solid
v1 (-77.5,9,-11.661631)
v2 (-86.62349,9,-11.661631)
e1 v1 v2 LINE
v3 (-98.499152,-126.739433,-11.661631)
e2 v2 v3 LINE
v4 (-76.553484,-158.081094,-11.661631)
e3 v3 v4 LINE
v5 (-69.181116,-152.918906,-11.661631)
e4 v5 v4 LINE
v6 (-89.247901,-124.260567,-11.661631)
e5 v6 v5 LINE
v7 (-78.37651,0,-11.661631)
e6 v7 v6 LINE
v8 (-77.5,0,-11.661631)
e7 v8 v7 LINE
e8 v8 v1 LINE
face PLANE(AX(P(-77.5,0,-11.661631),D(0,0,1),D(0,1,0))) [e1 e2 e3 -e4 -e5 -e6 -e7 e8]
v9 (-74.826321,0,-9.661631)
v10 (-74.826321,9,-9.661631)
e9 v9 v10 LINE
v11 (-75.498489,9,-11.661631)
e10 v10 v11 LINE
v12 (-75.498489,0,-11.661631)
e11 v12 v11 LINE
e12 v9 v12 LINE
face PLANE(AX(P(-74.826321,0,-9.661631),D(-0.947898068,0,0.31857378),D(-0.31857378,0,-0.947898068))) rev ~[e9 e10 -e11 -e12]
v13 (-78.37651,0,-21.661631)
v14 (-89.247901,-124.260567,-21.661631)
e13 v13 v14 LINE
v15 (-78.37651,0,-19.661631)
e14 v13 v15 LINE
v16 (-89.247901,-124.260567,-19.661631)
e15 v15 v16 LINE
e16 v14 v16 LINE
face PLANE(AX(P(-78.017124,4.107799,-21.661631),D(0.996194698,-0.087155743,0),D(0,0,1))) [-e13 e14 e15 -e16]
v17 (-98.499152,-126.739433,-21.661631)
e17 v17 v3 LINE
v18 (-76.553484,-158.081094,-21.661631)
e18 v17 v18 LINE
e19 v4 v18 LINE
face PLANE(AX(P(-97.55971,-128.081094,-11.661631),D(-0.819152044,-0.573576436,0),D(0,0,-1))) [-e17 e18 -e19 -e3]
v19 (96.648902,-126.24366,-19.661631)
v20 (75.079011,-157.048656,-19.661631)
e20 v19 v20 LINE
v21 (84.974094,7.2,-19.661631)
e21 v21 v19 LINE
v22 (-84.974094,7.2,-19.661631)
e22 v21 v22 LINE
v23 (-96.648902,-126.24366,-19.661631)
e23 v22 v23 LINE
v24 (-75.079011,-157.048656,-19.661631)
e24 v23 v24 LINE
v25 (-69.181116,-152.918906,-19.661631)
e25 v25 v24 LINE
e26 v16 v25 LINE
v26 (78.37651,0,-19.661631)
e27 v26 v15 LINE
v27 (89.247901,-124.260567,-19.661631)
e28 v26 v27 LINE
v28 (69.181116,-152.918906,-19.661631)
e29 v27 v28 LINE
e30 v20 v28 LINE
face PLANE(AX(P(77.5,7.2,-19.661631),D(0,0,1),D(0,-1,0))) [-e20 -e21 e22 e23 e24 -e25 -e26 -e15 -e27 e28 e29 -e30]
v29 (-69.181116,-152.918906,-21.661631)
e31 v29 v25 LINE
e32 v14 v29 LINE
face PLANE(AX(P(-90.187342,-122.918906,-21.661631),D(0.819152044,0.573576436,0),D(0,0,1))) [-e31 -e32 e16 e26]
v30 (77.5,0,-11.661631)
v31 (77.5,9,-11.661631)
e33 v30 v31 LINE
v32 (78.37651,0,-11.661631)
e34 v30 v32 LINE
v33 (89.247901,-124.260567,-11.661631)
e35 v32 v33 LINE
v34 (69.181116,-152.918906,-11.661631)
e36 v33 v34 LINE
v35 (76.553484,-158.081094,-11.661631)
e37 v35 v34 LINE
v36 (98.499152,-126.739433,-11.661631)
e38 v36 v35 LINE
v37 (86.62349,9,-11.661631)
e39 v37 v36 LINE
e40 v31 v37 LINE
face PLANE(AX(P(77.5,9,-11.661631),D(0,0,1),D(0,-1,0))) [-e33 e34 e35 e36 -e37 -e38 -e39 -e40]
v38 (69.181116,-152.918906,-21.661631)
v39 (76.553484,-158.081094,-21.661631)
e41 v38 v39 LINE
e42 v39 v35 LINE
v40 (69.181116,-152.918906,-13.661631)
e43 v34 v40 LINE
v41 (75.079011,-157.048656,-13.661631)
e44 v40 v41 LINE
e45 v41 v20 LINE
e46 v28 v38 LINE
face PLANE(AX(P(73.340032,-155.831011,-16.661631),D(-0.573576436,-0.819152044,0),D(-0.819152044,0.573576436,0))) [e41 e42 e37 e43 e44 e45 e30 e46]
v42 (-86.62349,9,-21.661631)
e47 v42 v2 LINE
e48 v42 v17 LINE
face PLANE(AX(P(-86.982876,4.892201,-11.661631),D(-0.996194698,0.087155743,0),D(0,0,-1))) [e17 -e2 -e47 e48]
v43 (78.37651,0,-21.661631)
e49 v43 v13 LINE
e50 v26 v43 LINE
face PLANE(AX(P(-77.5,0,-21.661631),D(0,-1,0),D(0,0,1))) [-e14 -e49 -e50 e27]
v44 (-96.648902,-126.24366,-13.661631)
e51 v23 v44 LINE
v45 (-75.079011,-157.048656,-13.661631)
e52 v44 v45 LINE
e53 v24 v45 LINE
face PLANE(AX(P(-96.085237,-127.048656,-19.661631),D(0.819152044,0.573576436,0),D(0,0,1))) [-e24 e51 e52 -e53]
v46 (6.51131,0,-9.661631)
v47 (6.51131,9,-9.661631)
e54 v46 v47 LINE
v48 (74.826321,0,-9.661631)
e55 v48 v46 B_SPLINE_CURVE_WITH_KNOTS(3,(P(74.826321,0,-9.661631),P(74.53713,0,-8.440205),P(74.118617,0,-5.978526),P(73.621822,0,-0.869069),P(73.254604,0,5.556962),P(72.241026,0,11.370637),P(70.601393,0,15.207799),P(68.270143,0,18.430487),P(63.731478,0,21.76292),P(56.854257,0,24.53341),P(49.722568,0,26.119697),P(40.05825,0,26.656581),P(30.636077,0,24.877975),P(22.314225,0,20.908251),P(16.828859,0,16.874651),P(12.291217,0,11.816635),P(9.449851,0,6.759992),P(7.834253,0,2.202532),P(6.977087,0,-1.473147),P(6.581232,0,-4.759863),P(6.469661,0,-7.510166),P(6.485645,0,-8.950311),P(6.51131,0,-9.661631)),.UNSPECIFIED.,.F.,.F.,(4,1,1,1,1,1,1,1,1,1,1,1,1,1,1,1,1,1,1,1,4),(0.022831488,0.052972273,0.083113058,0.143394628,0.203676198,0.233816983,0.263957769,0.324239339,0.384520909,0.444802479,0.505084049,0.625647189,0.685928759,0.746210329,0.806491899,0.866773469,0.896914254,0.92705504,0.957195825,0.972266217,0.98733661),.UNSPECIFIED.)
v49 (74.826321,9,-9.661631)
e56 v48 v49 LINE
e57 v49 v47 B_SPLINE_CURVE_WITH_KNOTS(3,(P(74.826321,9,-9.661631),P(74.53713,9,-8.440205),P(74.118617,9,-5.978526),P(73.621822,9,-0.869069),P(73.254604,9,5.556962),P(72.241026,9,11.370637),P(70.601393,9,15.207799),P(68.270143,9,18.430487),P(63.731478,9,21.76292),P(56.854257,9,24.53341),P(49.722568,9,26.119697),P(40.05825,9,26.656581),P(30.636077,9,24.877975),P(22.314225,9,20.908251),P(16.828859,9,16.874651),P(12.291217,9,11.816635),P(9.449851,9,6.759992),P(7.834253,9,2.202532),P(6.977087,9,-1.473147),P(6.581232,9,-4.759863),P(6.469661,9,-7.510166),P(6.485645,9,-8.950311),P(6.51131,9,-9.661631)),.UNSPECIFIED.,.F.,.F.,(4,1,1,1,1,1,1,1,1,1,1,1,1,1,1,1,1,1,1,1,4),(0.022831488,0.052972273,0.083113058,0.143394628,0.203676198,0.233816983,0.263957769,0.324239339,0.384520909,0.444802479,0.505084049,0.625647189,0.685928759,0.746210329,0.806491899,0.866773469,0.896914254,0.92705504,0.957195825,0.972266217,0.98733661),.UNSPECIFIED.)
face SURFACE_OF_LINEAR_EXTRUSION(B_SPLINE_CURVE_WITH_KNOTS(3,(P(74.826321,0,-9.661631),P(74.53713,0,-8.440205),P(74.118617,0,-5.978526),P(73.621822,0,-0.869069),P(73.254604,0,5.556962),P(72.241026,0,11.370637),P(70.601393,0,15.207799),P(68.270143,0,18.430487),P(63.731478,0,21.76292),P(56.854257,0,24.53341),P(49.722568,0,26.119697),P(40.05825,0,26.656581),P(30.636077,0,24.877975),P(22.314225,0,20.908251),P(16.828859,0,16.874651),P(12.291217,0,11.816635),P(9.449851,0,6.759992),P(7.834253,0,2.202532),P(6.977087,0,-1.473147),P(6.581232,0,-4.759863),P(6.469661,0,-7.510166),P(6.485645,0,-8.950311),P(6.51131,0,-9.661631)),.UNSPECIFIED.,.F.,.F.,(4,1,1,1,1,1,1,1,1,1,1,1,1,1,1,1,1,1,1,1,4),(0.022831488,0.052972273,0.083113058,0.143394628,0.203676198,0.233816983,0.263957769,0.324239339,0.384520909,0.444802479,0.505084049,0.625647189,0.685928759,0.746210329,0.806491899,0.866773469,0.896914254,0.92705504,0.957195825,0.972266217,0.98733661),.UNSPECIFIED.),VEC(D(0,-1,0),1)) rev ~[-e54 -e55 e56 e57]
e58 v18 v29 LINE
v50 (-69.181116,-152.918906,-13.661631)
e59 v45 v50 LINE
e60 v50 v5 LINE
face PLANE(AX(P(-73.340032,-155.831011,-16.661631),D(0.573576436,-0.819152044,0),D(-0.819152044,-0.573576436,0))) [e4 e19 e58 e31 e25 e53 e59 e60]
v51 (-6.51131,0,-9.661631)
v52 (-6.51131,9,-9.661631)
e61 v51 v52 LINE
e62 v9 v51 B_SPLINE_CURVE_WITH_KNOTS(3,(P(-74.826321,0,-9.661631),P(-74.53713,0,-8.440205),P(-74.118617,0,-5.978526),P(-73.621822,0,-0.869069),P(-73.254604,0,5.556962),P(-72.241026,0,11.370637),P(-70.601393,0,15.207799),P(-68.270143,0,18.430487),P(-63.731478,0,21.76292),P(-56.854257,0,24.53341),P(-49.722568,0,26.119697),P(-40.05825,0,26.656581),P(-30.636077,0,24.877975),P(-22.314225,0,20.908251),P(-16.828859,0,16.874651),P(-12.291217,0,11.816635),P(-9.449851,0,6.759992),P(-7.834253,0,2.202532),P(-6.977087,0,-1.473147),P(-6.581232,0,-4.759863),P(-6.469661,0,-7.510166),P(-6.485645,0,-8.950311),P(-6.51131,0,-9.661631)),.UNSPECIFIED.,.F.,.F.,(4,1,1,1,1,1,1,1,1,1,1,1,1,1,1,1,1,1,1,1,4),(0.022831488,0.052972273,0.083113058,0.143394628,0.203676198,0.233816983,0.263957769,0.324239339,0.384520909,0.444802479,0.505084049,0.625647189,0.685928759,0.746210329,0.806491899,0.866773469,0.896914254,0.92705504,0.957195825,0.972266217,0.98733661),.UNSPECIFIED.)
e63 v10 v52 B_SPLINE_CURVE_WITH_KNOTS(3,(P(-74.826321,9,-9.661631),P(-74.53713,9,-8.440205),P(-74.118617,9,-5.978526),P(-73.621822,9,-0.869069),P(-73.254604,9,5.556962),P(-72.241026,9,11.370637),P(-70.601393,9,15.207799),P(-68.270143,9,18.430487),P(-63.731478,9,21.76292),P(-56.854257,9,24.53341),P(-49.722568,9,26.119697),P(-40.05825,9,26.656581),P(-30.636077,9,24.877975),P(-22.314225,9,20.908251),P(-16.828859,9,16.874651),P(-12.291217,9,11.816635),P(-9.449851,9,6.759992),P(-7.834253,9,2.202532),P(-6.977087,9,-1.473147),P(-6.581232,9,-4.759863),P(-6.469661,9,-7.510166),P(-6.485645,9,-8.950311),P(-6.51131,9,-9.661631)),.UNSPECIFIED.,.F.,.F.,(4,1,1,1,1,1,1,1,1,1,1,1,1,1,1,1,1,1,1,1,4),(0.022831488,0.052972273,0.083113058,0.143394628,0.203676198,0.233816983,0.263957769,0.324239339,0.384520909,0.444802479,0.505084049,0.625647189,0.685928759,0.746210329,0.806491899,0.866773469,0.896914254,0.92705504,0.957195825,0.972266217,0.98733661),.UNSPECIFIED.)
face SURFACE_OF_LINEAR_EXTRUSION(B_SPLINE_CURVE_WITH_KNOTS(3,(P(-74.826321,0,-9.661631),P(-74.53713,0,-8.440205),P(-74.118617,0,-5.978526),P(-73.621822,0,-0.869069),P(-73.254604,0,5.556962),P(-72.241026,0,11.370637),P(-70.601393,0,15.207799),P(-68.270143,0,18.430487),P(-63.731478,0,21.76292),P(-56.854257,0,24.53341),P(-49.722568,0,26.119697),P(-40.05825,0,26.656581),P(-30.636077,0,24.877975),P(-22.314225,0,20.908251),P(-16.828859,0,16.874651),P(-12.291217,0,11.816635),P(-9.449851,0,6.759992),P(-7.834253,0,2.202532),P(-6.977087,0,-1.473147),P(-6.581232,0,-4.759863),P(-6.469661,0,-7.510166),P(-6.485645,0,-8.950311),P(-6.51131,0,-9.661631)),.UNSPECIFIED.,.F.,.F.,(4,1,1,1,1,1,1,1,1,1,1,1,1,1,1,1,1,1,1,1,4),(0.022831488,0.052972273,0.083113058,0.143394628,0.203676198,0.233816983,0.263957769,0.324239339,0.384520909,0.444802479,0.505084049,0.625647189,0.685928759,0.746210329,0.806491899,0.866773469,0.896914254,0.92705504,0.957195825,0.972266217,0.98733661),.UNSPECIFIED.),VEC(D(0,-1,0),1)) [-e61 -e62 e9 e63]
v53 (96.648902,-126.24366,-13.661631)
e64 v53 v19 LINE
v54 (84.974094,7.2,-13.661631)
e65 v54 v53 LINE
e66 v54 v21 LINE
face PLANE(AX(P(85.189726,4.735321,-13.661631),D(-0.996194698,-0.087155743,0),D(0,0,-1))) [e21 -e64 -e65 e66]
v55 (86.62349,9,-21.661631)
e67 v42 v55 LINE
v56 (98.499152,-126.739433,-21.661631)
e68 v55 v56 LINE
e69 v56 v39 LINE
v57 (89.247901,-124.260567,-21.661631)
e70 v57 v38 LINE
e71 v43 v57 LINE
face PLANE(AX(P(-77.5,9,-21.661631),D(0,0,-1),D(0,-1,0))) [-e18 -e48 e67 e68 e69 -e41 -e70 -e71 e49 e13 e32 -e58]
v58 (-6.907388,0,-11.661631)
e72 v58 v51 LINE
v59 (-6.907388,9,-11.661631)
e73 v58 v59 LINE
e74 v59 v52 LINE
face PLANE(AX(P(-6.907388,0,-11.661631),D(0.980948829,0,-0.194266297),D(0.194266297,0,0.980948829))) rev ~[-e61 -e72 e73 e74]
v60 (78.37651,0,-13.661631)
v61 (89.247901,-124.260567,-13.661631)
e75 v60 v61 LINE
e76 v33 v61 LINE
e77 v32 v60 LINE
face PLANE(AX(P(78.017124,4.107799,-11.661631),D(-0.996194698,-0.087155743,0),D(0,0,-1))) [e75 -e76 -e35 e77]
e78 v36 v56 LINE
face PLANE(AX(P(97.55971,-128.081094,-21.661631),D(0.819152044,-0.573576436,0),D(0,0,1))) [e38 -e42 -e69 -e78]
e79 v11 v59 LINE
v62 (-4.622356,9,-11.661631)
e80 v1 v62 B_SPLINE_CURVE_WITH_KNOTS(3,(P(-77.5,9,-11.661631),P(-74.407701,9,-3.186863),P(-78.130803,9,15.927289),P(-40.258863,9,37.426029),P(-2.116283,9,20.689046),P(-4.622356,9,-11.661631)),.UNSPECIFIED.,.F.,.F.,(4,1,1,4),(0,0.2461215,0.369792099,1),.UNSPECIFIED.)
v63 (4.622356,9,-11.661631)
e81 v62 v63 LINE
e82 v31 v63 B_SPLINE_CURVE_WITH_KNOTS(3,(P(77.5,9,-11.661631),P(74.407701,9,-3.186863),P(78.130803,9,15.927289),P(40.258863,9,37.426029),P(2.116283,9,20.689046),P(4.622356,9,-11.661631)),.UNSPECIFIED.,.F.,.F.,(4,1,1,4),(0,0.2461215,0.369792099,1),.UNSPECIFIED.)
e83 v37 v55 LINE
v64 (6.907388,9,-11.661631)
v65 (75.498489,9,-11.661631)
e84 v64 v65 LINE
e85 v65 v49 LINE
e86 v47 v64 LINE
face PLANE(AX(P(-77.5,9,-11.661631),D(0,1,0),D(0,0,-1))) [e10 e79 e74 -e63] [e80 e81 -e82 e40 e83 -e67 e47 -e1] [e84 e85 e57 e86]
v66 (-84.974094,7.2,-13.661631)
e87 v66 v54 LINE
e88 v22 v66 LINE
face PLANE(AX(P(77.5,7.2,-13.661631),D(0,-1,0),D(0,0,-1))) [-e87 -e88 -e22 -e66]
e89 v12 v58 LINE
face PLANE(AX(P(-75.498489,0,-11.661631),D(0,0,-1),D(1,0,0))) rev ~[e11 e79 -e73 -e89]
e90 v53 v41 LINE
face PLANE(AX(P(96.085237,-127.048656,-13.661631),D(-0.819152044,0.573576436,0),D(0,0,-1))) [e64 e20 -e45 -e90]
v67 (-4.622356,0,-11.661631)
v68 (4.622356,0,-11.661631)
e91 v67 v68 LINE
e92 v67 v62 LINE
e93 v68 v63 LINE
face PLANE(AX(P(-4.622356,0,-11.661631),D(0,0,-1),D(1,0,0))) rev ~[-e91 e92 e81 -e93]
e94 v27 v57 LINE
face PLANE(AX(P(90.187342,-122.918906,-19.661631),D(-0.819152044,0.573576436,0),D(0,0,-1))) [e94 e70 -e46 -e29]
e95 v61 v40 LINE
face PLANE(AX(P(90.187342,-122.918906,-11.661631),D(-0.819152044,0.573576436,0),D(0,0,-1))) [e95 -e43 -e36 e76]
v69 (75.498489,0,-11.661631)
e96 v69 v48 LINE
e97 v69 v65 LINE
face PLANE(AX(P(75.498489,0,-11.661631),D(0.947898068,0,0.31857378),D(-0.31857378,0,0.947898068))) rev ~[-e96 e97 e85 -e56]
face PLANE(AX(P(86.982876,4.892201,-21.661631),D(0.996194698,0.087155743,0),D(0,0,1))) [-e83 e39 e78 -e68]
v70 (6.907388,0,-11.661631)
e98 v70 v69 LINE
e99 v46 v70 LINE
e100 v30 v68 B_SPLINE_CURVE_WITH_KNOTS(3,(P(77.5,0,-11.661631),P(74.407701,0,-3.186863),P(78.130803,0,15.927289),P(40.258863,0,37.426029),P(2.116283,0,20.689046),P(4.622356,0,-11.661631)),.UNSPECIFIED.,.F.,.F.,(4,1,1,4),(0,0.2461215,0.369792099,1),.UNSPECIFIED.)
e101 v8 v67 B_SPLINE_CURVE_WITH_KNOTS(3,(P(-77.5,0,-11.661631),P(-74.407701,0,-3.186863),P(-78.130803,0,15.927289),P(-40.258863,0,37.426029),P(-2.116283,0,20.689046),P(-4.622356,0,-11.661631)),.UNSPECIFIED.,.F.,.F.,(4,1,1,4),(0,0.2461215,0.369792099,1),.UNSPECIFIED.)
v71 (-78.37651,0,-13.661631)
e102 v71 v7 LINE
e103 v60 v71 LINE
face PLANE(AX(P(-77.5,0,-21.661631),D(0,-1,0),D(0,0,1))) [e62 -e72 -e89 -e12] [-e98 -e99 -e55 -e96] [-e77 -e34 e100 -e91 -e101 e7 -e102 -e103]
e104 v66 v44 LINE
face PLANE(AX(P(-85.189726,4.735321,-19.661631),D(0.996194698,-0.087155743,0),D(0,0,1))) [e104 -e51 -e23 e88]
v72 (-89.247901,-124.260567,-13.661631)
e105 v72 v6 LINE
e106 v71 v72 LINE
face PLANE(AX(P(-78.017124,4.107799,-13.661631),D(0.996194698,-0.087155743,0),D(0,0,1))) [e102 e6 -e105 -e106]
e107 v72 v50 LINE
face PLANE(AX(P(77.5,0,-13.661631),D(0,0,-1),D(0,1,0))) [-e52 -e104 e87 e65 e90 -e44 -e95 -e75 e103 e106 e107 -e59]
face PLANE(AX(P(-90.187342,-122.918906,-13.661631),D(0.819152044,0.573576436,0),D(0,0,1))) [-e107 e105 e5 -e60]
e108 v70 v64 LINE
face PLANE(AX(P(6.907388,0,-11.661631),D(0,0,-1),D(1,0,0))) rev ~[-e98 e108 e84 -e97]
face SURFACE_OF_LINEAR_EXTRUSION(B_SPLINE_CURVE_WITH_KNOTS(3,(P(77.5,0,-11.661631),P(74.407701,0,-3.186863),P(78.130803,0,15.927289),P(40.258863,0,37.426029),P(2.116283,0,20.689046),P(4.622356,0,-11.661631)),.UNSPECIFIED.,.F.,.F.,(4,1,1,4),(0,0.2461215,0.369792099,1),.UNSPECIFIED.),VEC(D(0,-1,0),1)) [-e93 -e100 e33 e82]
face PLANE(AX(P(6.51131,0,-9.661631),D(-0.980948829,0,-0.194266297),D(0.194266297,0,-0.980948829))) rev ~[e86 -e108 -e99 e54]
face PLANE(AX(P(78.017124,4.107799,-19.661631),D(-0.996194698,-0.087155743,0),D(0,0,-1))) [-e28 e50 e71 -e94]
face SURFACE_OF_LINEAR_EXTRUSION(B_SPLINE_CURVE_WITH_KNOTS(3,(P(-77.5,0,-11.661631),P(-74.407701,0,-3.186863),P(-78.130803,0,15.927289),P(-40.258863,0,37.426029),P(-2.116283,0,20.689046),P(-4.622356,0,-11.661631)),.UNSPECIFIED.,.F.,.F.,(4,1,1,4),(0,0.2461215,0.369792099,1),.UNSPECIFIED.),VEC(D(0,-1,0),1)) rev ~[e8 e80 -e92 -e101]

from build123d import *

# Parameters (mm, degrees)
FRAME_DEPTH              = 9
CUT_EXTRUDE_1_DEPTH      = 77.5
CUT_EXTRUDE_1_DEPTH_BACK = 77.5
SKETCH_8_W               = 6
SKETCH_8_H               = 7.2


with BuildPart() as part:
    # 草图1 → frame (new body)
    with BuildSketch(Plane(origin=(0, 0, 0), x_dir=(1, 0, 0), z_dir=(0, 1, 0))):
        with BuildLine():
            Line((77.5, 21.66163142), (-77.5, 21.66163142))
            Line((-77.5, 21.66163142), (-77.5, 11.66163142))
            add(Edge.make_bspline(
                [(-77.5, 11.66163142), (-74.407700798, 3.186863233), (-78.13080327, -15.927288699), (-40.25886312, -37.426028597), (-2.116282918, -20.689046368), (-4.622356495, 11.66163142)],
                knots=[0, 0, 0, 0, 0.2461215, 0.369792099, 1, 1, 1, 1], degree=3))
            Line((-4.622356495, 11.66163142), (4.622356495, 11.66163142))
            add(Edge.make_bspline(
                [(77.5, 11.66163142), (74.407700798, 3.186863233), (78.13080327, -15.927288699), (40.25886312, -37.426028597), (2.116282918, -20.689046368), (4.622356495, 11.66163142)],
                knots=[0, 0, 0, 0, 0.2461215, 0.369792099, 1, 1, 1, 1], degree=3))
            Line((77.5, 11.66163142), (77.5, 21.66163142))
        make_face()
        with BuildLine():
            Line((6.907388487, 11.66163142), (75.498489426, 11.66163142))
            Line((75.498489426, 11.66163142), (74.826320569, 9.66163142))
            add(Edge.make_bspline(
                [(74.826320569, 9.66163142), (74.537129512, 8.440205397), (74.118616889, 5.97852646), (73.621822389, 0.86906895), (73.254603503, -5.556962308), (72.241025744, -11.370637322), (70.601393479, -15.207799235), (68.270143007, -18.43048657), (63.731478169, -21.762919869), (56.85425746, -24.533410045), (49.722568077, -26.119696622), (40.058249914, -26.656581209), (30.63607695, -24.877975202), (22.314225365, -20.908251341), (16.828859323, -16.874650673), (12.291217041, -11.816635216), (9.449850549, -6.759991518), (7.834253455, -2.202532167), (6.977086921, 1.473147324), (6.581231794, 4.759863142), (6.469661343, 7.510165764), (6.485645336, 8.950311376), (6.511310136, 9.66163142)],
                knots=[0.022831488, 0.022831488, 0.022831488, 0.022831488, 0.052972273, 0.083113058, 0.143394628, 0.203676198, 0.233816983, 0.263957769, 0.324239339, 0.384520909, 0.444802479, 0.505084049, 0.625647189, 0.685928759, 0.746210329, 0.806491899, 0.866773469, 0.896914254, 0.92705504, 0.957195825, 0.972266217, 0.98733661, 0.98733661, 0.98733661, 0.98733661], degree=3))
            Line((6.511310136, 9.66163142), (6.907388487, 11.66163142))
        make_face(mode=Mode.SUBTRACT)
        with BuildLine():
            Line((-75.498489426, 11.66163142), (-6.907388487, 11.66163142))
            Line((-6.907388487, 11.66163142), (-6.511310136, 9.66163142))
            add(Edge.make_bspline(
                [(-74.826320569, 9.66163142), (-74.537129512, 8.440205397), (-74.118616889, 5.97852646), (-73.621822389, 0.86906895), (-73.254603503, -5.556962308), (-72.241025744, -11.370637322), (-70.601393479, -15.207799235), (-68.270143007, -18.43048657), (-63.731478169, -21.762919869), (-56.85425746, -24.533410045), (-49.722568077, -26.119696622), (-40.058249914, -26.656581209), (-30.63607695, -24.877975202), (-22.314225365, -20.908251341), (-16.828859323, -16.874650673), (-12.291217041, -11.816635216), (-9.449850549, -6.759991518), (-7.834253455, -2.202532167), (-6.977086921, 1.473147324), (-6.581231794, 4.759863142), (-6.469661343, 7.510165764), (-6.485645336, 8.950311376), (-6.511310136, 9.66163142)],
                knots=[0.022831488, 0.022831488, 0.022831488, 0.022831488, 0.052972273, 0.083113058, 0.143394628, 0.203676198, 0.233816983, 0.263957769, 0.324239339, 0.384520909, 0.444802479, 0.505084049, 0.625647189, 0.685928759, 0.746210329, 0.806491899, 0.866773469, 0.896914254, 0.92705504, 0.957195825, 0.972266217, 0.98733661, 0.98733661, 0.98733661, 0.98733661], degree=3))
            Line((-74.826320569, 9.66163142), (-75.498489426, 11.66163142))
        make_face(mode=Mode.SUBTRACT)
    extrude(amount=FRAME_DEPTH)

    # 扫描1: sweep along a path in 草图5
    with BuildLine(Plane(origin=(0, 0, -16.66163142), x_dir=(-1, 0, 0), z_dir=(0, 0, -1))) as sweep_1_path:
        Line((-77.5, 4.5), (-82.5, 4.5))
        Line((-82.5, 4.5), (-93.873526258, -125.5))
        Line((-93.873526258, -125.5), (-72.867300112, -155.5))
    # 草图4 → 扫描1 (sweep)
    with BuildSketch(Plane(origin=(77.5, 0, 0), x_dir=(0, 0, -1), z_dir=(1, 0, 0))):
        Polygon((11.66163142, 9), (11.66163142, 0), (13.66163142, 0), (13.66163142, 7.2), (19.66163142, 7.2), (19.66163142, 0), (21.66163142, 0), (21.66163142, 9), align=None)
    sweep(path=sweep_1_path.line, transition=Transition.RIGHT)

    # 扫描2: sweep along a path in 草图6
    with BuildLine(Plane(origin=(0, 0, -16.66163142), x_dir=(-1, 0, 0), z_dir=(0, 0, -1))) as sweep_2_path:
        Line((77.5, 4.5), (82.5, 4.5))
        Line((82.5, 4.5), (93.873526258, -125.5))
        Line((93.873526258, -125.5), (72.867300112, -155.5))
    # 草图7 → 扫描2 (sweep)
    with BuildSketch(Plane.ZY.offset(77.5)):
        Polygon((-21.66163142, 9), (-21.66163142, 0), (-19.66163142, 0), (-19.66163142, 7.2), (-13.66163142, 7.2), (-13.66163142, 0), (-11.66163142, 0), (-11.66163142, 9), align=None)
    sweep(path=sweep_2_path.line, transition=Transition.RIGHT)

    # 草图8 → 切除-拉伸1 (cut, two sides: drawn at the far end of the back side and taken through both)
    with BuildSketch(Plane(origin=(0, 0, 0), x_dir=(0, 0, -1), z_dir=(1, 0, 0)).offset(-CUT_EXTRUDE_1_DEPTH_BACK)):
        with Locations((16.66163142, 3.6)):
            Rectangle(SKETCH_8_W, SKETCH_8_H)
    extrude(amount=CUT_EXTRUDE_1_DEPTH + CUT_EXTRUDE_1_DEPTH_BACK, mode=Mode.SUBTRACT)


solid = part.part
